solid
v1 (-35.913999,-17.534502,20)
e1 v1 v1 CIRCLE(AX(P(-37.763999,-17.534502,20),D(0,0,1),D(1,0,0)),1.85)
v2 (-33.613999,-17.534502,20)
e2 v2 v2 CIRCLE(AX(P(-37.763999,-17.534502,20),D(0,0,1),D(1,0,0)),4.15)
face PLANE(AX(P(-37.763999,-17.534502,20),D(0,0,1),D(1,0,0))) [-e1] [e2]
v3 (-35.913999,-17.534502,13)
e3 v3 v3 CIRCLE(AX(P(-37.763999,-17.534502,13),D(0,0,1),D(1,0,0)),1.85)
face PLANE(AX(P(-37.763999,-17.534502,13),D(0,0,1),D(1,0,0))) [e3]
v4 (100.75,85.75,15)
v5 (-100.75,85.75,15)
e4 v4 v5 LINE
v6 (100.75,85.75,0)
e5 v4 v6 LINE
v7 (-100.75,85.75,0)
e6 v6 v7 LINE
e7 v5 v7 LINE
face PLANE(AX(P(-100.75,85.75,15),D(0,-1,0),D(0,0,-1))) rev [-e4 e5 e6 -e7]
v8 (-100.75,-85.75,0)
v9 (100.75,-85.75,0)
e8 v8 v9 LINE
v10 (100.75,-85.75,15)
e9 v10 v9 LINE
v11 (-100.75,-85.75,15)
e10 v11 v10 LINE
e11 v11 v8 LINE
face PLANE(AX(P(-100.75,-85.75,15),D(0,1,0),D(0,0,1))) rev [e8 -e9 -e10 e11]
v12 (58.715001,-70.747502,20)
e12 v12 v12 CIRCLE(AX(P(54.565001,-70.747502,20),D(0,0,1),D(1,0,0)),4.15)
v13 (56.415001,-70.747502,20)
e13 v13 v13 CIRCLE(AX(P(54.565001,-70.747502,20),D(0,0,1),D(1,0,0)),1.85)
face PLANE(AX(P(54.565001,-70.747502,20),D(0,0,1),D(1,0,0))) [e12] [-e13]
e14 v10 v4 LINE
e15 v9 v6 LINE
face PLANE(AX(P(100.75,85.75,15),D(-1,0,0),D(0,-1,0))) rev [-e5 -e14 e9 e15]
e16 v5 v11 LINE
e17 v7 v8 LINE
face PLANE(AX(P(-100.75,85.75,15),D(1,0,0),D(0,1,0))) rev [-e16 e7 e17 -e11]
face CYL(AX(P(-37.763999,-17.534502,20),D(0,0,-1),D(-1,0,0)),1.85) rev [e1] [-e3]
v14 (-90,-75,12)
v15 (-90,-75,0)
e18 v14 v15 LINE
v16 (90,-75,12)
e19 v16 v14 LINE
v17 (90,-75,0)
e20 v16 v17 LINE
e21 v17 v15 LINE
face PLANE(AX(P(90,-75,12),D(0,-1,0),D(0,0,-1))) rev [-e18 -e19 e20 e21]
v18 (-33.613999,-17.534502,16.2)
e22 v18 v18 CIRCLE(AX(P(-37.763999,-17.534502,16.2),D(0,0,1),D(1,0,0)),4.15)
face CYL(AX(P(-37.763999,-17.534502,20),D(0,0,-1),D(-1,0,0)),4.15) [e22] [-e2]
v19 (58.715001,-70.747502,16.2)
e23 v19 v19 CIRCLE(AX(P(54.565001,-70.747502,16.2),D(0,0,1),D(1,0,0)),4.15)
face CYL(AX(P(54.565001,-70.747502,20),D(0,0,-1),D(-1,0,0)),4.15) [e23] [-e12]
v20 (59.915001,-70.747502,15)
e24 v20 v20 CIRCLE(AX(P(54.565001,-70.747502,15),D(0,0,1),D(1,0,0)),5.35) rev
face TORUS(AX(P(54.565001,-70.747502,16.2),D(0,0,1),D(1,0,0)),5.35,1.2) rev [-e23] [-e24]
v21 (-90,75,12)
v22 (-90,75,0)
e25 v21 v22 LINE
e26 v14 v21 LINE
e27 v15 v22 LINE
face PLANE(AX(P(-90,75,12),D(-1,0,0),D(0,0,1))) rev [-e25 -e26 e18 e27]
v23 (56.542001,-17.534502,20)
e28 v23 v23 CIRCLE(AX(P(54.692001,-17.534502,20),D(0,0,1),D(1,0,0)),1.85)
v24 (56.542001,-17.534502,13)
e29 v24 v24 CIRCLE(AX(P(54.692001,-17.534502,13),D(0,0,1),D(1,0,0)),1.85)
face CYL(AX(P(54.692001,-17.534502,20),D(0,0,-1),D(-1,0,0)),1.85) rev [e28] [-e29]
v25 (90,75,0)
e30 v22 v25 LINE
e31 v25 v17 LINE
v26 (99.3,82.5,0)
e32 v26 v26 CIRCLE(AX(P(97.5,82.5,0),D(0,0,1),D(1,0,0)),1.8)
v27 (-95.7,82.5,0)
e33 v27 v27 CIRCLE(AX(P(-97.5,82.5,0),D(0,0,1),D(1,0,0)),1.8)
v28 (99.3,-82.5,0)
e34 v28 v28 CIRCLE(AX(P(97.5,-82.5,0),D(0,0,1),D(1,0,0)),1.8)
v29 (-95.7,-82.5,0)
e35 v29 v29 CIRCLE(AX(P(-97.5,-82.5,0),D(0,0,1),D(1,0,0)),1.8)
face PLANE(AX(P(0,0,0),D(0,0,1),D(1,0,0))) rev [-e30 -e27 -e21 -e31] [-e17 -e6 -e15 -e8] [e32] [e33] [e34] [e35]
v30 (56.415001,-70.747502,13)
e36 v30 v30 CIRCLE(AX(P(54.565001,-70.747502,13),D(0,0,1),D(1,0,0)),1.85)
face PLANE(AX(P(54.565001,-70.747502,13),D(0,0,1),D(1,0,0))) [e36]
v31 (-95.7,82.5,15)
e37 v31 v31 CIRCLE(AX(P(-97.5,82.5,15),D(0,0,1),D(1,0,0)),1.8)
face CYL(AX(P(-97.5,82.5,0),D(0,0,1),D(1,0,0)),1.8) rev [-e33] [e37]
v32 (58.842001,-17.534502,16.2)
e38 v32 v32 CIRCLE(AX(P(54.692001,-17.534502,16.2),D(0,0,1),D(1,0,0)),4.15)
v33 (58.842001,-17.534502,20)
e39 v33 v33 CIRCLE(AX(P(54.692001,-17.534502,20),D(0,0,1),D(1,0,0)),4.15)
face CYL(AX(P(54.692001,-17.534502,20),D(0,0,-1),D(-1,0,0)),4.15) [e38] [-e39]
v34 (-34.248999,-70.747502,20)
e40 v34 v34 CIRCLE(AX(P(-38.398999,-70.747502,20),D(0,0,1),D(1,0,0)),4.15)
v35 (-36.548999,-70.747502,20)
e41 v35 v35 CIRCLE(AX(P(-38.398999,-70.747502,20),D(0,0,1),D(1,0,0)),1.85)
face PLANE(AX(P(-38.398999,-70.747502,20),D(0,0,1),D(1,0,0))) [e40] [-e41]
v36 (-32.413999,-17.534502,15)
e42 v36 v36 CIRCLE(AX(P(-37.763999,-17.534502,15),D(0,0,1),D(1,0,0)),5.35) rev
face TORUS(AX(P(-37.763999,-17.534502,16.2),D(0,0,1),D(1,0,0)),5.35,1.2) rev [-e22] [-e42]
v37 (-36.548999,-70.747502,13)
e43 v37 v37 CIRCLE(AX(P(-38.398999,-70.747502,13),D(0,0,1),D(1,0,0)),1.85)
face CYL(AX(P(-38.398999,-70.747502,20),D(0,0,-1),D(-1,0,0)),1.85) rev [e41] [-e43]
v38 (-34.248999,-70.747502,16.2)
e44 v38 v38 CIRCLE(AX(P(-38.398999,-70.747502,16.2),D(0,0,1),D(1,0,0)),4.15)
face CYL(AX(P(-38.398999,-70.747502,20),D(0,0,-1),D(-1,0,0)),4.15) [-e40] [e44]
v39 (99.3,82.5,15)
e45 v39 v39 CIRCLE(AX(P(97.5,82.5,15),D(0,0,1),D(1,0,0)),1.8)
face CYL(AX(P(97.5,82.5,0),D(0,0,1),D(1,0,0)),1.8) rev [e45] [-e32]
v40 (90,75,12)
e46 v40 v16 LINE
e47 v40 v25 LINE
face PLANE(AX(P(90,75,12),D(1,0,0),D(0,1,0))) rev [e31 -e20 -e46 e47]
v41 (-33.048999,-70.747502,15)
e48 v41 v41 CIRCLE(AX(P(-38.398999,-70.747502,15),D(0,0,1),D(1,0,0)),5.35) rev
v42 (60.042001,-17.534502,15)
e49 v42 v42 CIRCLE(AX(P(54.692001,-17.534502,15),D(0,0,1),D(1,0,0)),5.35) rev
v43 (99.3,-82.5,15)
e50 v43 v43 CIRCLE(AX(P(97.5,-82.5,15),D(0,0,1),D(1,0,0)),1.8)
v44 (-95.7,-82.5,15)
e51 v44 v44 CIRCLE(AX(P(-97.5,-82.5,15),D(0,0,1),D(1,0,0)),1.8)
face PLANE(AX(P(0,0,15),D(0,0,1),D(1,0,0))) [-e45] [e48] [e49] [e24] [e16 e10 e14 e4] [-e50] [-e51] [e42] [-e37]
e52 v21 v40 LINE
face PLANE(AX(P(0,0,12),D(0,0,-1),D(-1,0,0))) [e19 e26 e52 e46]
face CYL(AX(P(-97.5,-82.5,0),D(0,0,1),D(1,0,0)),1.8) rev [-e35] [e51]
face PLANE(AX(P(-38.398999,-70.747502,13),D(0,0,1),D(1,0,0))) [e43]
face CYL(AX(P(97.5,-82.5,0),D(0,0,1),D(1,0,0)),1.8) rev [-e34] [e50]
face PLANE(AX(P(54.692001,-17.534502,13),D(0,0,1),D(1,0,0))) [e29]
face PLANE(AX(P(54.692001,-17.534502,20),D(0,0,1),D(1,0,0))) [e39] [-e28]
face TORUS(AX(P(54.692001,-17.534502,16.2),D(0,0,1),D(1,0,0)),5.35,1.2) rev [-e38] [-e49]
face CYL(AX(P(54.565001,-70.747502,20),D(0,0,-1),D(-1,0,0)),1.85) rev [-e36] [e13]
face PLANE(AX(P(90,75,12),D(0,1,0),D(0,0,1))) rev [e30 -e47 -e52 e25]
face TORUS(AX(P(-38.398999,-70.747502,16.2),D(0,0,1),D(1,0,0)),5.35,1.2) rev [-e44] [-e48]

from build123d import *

# Parameters (mm, degrees)
SKETCH1_W             = 201.5
SKETCH1_H             = 171.5
MAIN_BODY_DEPTH       = 15
SKETCH2_R             = 1.8
SCREW_HOLES_DEPTH     = 15
SKETCH3_R             = 4.15
SKETCH3_R_2           = 1.85
PCB_SCREW_AREA_DEPTH  = 5
SKETCH4_W             = 180
SKETCH4_H             = 150
MAIN_CUT_DEPTH        = 12
FILLET3_R             = 1.2
PCB_START             = -2
SKETCH6_R             = 1.85
PCB_SCREW_HOLES_DEPTH = 2


with BuildPart() as part:
    # Sketch1 → Main Body (new body)
    with BuildSketch(Plane.XY):
        Rectangle(SKETCH1_W, SKETCH1_H)
    extrude(amount=MAIN_BODY_DEPTH)

    # Sketch2 → Screw Holes (cut)
    with BuildSketch(Plane.XY.offset(15)):
        with Locations((-97.5, 82.5)):
            Circle(SKETCH2_R)
        with Locations((97.5, 82.5)):
            Circle(SKETCH2_R)
        with Locations((97.5, -82.5)):
            Circle(SKETCH2_R)
        with Locations((-97.5, -82.5)):
            Circle(SKETCH2_R)
    extrude(amount=-SCREW_HOLES_DEPTH, mode=Mode.SUBTRACT)

    # Sketch3 → PCB Screw Area (add)
    # profile 1 of 4: a face of its own
    with BuildSketch(Plane.XY.offset(15)):
        with Locations((-37.7639992, -17.5345021)):
            Circle(SKETCH3_R)
        with Locations((-37.7639992, -17.5345021)):
            Circle(SKETCH3_R_2, mode=Mode.SUBTRACT)
    # profile 2 of 4: a face of its own
    with BuildSketch(Plane.XY.offset(15)):
        with Locations((54.6920008, -17.5345021)):
            Circle(SKETCH3_R)
        with Locations((54.6920008, -17.5345021)):
            Circle(SKETCH3_R_2, mode=Mode.SUBTRACT)
    # profile 3 of 4: a face of its own
    with BuildSketch(Plane.XY.offset(15)):
        with Locations((54.5650008, -70.7475021)):
            Circle(SKETCH3_R)
        with Locations((54.5650008, -70.7475021)):
            Circle(SKETCH3_R_2, mode=Mode.SUBTRACT)
    # profile 4 of 4: a face of its own
    with BuildSketch(Plane.XY.offset(15)):
        with Locations((-38.3989992, -70.7475021)):
            Circle(SKETCH3_R)
        with Locations((-38.3989992, -70.7475021)):
            Circle(SKETCH3_R_2, mode=Mode.SUBTRACT)
    extrude(amount=PCB_SCREW_AREA_DEPTH)

    # Sketch4 → Main Cut (cut)
    with BuildSketch(Plane(origin=(0, 0, 0), x_dir=(-1, 0, 0), z_dir=(0, 0, -1))):
        Rectangle(SKETCH4_W, SKETCH4_H)
    extrude(amount=-MAIN_CUT_DEPTH, mode=Mode.SUBTRACT)

    # Fillet3
    fillet3_edges = [part.edges().sort_by_distance(p)[0] for p in [
        (-42.5489992, -70.7475021, 15),
        (50.4150008, -70.7475021, 15),
        (50.5420008, -17.5345021, 15),
        (-41.9139992, -17.5345021, 15),
    ]]
    fillet(fillet3_edges, radius=FILLET3_R)

    # Sketch6 → PCB Screw Holes (cut)
    with BuildSketch(Plane.XY.offset(15).offset(PCB_START)):
        with Locations((-37.7639992, -17.5345021)):
            Circle(SKETCH6_R)
        with Locations((-38.3989992, -70.7475021)):
            Circle(SKETCH6_R)
        with Locations((54.5650008, -70.7475021)):
            Circle(SKETCH6_R)
        with Locations((54.6920008, -17.5345021)):
            Circle(SKETCH6_R)
    extrude(amount=PCB_SCREW_HOLES_DEPTH, mode=Mode.SUBTRACT)


solid = part.part
